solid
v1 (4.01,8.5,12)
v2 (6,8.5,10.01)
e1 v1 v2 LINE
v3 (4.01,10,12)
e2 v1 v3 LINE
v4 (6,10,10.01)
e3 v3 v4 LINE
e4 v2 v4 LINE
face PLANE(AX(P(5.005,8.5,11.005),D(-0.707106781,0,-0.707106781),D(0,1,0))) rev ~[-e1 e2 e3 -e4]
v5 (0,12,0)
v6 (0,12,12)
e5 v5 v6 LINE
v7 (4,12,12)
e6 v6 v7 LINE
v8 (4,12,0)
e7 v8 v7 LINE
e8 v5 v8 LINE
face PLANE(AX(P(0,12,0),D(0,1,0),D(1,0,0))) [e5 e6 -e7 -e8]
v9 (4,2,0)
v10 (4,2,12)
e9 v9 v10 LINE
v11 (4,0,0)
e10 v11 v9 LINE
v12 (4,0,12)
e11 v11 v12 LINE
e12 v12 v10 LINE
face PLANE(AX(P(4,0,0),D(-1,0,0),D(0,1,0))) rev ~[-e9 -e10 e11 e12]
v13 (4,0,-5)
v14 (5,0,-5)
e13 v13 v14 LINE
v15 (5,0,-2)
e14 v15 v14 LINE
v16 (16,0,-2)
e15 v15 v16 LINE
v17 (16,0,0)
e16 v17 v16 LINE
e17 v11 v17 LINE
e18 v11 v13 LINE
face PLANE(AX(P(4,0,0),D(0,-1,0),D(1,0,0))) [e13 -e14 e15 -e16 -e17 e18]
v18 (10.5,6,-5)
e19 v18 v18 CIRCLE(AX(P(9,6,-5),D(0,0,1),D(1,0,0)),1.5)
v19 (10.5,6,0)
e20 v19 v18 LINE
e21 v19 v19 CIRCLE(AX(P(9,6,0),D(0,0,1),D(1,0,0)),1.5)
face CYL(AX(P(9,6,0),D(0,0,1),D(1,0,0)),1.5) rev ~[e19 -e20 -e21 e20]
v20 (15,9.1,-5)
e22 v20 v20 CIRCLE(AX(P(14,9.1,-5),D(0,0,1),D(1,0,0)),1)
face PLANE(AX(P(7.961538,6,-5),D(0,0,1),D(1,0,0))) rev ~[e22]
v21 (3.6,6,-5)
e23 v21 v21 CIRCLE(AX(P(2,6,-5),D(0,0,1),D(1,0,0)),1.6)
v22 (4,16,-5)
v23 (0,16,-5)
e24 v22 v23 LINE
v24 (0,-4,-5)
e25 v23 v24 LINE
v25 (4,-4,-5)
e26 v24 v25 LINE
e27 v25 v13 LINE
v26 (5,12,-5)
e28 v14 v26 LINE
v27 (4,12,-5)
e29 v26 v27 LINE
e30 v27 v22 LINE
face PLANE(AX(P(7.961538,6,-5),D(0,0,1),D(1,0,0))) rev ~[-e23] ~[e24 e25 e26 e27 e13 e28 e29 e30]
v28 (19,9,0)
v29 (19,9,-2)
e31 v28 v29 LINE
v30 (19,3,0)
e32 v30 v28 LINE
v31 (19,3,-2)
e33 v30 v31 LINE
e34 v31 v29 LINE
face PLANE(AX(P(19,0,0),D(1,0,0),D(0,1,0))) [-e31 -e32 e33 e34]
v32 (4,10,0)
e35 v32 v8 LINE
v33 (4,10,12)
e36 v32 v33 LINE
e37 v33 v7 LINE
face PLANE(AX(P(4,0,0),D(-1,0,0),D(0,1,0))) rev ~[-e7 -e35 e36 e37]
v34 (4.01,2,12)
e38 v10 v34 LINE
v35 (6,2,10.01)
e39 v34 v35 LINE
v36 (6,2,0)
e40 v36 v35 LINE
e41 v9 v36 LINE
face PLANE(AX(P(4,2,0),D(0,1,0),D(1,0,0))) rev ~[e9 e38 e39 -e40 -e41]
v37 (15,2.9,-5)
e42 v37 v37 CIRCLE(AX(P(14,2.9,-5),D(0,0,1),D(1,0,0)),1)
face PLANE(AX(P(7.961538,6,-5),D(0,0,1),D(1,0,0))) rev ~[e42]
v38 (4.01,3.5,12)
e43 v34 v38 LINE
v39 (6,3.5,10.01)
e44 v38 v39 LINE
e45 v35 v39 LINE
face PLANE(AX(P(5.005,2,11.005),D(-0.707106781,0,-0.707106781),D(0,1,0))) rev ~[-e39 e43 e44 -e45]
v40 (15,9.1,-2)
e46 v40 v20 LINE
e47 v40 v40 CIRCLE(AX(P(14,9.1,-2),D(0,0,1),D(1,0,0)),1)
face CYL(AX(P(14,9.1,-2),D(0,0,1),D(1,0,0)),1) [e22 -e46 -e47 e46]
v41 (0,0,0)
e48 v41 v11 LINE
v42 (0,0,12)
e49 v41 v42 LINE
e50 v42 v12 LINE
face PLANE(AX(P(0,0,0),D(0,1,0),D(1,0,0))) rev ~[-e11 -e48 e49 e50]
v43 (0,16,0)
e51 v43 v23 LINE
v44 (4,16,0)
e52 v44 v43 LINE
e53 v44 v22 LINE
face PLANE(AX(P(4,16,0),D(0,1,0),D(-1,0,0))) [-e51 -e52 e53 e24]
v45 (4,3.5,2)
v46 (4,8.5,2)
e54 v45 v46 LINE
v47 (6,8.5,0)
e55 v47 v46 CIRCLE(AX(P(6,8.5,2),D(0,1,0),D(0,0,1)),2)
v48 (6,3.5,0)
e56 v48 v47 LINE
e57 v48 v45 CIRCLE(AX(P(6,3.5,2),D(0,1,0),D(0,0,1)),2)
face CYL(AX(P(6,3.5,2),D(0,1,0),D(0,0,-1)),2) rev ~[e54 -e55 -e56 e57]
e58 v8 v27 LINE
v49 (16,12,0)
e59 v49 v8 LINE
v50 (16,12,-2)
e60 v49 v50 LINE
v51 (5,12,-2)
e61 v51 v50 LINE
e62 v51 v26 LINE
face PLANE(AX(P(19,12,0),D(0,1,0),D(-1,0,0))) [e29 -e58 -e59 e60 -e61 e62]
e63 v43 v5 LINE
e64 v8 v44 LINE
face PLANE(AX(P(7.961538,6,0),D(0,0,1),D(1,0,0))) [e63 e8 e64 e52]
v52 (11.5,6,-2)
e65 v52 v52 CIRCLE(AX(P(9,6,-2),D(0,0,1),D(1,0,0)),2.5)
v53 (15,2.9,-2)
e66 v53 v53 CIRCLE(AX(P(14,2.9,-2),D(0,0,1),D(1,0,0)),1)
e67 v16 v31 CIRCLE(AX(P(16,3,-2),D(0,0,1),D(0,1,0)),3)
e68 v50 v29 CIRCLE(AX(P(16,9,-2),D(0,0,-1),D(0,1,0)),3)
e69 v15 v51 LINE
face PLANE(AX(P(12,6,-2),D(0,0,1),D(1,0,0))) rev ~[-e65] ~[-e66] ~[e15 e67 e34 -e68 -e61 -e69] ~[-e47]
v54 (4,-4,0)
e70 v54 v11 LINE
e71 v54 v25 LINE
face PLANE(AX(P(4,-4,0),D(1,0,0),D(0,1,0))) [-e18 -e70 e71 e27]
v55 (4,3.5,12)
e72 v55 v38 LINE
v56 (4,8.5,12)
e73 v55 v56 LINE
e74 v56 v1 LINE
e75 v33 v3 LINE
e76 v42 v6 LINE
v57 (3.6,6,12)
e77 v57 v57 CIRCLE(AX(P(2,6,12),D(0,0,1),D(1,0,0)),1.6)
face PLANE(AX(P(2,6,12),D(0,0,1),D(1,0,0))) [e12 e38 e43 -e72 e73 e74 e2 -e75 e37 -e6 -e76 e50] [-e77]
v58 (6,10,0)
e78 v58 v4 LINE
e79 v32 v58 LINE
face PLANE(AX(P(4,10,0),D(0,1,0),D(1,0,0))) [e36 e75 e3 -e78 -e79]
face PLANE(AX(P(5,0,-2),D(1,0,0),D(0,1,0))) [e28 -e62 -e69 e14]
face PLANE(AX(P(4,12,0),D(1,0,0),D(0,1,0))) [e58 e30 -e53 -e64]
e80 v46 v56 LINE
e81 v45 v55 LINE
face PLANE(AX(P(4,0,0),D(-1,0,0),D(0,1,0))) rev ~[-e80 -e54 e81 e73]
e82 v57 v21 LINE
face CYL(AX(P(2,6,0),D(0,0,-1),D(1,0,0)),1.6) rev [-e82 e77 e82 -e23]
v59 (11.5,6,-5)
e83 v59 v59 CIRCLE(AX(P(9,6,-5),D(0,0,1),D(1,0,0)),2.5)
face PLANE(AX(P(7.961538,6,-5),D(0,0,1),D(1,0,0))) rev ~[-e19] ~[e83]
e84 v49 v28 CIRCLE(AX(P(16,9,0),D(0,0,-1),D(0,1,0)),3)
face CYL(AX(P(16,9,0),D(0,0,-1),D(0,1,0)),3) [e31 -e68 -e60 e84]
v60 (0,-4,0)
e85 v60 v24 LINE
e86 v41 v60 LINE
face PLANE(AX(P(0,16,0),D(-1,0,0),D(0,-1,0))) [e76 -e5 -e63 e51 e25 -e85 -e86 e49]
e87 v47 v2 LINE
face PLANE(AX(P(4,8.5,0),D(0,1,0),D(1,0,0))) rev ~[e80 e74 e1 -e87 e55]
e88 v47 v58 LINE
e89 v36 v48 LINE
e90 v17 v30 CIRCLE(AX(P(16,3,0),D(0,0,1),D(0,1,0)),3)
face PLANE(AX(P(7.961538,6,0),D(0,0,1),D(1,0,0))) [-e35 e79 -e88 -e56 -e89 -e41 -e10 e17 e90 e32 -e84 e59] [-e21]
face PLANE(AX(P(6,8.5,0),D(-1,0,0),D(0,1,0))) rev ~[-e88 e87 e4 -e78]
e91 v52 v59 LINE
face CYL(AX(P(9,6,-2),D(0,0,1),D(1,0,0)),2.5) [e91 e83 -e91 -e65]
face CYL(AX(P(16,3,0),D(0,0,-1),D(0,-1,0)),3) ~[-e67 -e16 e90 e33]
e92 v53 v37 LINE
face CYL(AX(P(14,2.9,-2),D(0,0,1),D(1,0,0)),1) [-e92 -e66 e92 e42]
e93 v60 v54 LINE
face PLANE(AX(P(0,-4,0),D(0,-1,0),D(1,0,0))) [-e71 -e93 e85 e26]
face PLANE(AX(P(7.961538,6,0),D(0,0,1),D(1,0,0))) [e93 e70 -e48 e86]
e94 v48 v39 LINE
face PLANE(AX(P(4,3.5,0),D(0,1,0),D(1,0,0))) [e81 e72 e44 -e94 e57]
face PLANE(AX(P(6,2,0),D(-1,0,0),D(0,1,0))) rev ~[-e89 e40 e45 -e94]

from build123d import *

# Parameters (mm, degrees)
SKETCH_W      = 4
SKETCH_H      = 12
SKETCH_R      = 1.6
PAD_DEPTH     = 12
SKETCH001_R   = 1.6
SKETCH001_R_2 = 1.5
PAD001_DEPTH  = 5
SKETCH002_W   = 14
SKETCH002_H   = 12
SKETCH002_R   = 1
SKETCH002_R_2 = 2.5
POCKET_DEPTH  = 3.001
SKETCH003_W   = 2
SKETCH003_H   = 1.5
PAD002_DEPTH  = 12
CHAMFER_SIZE  = 1.99
FILLET002_R   = 2
FILLET_R      = 3


with BuildPart() as part:
    # Sketch → Pad (new body)
    with BuildSketch(Plane.XY):
        with Locations((2, 6)):
            Rectangle(SKETCH_W, SKETCH_H)
        with Locations((2, 6)):
            Circle(SKETCH_R, mode=Mode.SUBTRACT)
    extrude(amount=PAD_DEPTH)

    # Sketch001 → Pad001 (join)
    with BuildSketch(Plane.XY):
        Polygon((0, -4), (4, -4), (4, 0), (19, 0), (19, 12), (4, 12), (4, 16), (0, 16), align=None)
        with Locations((2, 6)):
            Circle(SKETCH001_R, mode=Mode.SUBTRACT)
        with Locations((9, 6)):
            Circle(SKETCH001_R_2, mode=Mode.SUBTRACT)
    extrude(amount=-PAD001_DEPTH)

    # Sketch002 (on DatumPlane) → Pocket (cut, through all)
    with BuildSketch(Plane.XY.offset(-2)):
        with Locations((12, 6)):
            Rectangle(SKETCH002_W, SKETCH002_H)
        with Locations((14, 9.1)):
            Circle(SKETCH002_R, mode=Mode.SUBTRACT)
        with Locations((14, 2.9)):
            Circle(SKETCH002_R, mode=Mode.SUBTRACT)
        with Locations((9, 6)):
            Circle(SKETCH002_R_2, mode=Mode.SUBTRACT)
    extrude(amount=-POCKET_DEPTH, mode=Mode.SUBTRACT)

    # Sketch003 → Pad002 (join)
    with BuildSketch(Plane.XY):
        with Locations((5, 9.25)):
            Rectangle(SKETCH003_W, SKETCH003_H)
        with Locations((5, 2.75)):
            Rectangle(SKETCH003_W, SKETCH003_H)
    extrude(amount=PAD002_DEPTH)

    # Chamfer
    chamfer_edges = [part.edges().sort_by_distance(p)[0] for p in [
        (6, 2.75, 12),
        (6, 9.25, 12),
    ]]
    chamfer(chamfer_edges, length=CHAMFER_SIZE)

    # Fillet002
    fillet002_edges = [part.edges().sort_by_distance(p)[0] for p in [
        (4, 6, 0),
    ]]
    fillet(fillet002_edges, radius=FILLET002_R)

    # Fillet
    fillet_edges = [part.edges().sort_by_distance(p)[0] for p in [
        (19, 0, -1),
        (19, 12, -1),
    ]]
    fillet(fillet_edges, radius=FILLET_R)


solid = part.part
